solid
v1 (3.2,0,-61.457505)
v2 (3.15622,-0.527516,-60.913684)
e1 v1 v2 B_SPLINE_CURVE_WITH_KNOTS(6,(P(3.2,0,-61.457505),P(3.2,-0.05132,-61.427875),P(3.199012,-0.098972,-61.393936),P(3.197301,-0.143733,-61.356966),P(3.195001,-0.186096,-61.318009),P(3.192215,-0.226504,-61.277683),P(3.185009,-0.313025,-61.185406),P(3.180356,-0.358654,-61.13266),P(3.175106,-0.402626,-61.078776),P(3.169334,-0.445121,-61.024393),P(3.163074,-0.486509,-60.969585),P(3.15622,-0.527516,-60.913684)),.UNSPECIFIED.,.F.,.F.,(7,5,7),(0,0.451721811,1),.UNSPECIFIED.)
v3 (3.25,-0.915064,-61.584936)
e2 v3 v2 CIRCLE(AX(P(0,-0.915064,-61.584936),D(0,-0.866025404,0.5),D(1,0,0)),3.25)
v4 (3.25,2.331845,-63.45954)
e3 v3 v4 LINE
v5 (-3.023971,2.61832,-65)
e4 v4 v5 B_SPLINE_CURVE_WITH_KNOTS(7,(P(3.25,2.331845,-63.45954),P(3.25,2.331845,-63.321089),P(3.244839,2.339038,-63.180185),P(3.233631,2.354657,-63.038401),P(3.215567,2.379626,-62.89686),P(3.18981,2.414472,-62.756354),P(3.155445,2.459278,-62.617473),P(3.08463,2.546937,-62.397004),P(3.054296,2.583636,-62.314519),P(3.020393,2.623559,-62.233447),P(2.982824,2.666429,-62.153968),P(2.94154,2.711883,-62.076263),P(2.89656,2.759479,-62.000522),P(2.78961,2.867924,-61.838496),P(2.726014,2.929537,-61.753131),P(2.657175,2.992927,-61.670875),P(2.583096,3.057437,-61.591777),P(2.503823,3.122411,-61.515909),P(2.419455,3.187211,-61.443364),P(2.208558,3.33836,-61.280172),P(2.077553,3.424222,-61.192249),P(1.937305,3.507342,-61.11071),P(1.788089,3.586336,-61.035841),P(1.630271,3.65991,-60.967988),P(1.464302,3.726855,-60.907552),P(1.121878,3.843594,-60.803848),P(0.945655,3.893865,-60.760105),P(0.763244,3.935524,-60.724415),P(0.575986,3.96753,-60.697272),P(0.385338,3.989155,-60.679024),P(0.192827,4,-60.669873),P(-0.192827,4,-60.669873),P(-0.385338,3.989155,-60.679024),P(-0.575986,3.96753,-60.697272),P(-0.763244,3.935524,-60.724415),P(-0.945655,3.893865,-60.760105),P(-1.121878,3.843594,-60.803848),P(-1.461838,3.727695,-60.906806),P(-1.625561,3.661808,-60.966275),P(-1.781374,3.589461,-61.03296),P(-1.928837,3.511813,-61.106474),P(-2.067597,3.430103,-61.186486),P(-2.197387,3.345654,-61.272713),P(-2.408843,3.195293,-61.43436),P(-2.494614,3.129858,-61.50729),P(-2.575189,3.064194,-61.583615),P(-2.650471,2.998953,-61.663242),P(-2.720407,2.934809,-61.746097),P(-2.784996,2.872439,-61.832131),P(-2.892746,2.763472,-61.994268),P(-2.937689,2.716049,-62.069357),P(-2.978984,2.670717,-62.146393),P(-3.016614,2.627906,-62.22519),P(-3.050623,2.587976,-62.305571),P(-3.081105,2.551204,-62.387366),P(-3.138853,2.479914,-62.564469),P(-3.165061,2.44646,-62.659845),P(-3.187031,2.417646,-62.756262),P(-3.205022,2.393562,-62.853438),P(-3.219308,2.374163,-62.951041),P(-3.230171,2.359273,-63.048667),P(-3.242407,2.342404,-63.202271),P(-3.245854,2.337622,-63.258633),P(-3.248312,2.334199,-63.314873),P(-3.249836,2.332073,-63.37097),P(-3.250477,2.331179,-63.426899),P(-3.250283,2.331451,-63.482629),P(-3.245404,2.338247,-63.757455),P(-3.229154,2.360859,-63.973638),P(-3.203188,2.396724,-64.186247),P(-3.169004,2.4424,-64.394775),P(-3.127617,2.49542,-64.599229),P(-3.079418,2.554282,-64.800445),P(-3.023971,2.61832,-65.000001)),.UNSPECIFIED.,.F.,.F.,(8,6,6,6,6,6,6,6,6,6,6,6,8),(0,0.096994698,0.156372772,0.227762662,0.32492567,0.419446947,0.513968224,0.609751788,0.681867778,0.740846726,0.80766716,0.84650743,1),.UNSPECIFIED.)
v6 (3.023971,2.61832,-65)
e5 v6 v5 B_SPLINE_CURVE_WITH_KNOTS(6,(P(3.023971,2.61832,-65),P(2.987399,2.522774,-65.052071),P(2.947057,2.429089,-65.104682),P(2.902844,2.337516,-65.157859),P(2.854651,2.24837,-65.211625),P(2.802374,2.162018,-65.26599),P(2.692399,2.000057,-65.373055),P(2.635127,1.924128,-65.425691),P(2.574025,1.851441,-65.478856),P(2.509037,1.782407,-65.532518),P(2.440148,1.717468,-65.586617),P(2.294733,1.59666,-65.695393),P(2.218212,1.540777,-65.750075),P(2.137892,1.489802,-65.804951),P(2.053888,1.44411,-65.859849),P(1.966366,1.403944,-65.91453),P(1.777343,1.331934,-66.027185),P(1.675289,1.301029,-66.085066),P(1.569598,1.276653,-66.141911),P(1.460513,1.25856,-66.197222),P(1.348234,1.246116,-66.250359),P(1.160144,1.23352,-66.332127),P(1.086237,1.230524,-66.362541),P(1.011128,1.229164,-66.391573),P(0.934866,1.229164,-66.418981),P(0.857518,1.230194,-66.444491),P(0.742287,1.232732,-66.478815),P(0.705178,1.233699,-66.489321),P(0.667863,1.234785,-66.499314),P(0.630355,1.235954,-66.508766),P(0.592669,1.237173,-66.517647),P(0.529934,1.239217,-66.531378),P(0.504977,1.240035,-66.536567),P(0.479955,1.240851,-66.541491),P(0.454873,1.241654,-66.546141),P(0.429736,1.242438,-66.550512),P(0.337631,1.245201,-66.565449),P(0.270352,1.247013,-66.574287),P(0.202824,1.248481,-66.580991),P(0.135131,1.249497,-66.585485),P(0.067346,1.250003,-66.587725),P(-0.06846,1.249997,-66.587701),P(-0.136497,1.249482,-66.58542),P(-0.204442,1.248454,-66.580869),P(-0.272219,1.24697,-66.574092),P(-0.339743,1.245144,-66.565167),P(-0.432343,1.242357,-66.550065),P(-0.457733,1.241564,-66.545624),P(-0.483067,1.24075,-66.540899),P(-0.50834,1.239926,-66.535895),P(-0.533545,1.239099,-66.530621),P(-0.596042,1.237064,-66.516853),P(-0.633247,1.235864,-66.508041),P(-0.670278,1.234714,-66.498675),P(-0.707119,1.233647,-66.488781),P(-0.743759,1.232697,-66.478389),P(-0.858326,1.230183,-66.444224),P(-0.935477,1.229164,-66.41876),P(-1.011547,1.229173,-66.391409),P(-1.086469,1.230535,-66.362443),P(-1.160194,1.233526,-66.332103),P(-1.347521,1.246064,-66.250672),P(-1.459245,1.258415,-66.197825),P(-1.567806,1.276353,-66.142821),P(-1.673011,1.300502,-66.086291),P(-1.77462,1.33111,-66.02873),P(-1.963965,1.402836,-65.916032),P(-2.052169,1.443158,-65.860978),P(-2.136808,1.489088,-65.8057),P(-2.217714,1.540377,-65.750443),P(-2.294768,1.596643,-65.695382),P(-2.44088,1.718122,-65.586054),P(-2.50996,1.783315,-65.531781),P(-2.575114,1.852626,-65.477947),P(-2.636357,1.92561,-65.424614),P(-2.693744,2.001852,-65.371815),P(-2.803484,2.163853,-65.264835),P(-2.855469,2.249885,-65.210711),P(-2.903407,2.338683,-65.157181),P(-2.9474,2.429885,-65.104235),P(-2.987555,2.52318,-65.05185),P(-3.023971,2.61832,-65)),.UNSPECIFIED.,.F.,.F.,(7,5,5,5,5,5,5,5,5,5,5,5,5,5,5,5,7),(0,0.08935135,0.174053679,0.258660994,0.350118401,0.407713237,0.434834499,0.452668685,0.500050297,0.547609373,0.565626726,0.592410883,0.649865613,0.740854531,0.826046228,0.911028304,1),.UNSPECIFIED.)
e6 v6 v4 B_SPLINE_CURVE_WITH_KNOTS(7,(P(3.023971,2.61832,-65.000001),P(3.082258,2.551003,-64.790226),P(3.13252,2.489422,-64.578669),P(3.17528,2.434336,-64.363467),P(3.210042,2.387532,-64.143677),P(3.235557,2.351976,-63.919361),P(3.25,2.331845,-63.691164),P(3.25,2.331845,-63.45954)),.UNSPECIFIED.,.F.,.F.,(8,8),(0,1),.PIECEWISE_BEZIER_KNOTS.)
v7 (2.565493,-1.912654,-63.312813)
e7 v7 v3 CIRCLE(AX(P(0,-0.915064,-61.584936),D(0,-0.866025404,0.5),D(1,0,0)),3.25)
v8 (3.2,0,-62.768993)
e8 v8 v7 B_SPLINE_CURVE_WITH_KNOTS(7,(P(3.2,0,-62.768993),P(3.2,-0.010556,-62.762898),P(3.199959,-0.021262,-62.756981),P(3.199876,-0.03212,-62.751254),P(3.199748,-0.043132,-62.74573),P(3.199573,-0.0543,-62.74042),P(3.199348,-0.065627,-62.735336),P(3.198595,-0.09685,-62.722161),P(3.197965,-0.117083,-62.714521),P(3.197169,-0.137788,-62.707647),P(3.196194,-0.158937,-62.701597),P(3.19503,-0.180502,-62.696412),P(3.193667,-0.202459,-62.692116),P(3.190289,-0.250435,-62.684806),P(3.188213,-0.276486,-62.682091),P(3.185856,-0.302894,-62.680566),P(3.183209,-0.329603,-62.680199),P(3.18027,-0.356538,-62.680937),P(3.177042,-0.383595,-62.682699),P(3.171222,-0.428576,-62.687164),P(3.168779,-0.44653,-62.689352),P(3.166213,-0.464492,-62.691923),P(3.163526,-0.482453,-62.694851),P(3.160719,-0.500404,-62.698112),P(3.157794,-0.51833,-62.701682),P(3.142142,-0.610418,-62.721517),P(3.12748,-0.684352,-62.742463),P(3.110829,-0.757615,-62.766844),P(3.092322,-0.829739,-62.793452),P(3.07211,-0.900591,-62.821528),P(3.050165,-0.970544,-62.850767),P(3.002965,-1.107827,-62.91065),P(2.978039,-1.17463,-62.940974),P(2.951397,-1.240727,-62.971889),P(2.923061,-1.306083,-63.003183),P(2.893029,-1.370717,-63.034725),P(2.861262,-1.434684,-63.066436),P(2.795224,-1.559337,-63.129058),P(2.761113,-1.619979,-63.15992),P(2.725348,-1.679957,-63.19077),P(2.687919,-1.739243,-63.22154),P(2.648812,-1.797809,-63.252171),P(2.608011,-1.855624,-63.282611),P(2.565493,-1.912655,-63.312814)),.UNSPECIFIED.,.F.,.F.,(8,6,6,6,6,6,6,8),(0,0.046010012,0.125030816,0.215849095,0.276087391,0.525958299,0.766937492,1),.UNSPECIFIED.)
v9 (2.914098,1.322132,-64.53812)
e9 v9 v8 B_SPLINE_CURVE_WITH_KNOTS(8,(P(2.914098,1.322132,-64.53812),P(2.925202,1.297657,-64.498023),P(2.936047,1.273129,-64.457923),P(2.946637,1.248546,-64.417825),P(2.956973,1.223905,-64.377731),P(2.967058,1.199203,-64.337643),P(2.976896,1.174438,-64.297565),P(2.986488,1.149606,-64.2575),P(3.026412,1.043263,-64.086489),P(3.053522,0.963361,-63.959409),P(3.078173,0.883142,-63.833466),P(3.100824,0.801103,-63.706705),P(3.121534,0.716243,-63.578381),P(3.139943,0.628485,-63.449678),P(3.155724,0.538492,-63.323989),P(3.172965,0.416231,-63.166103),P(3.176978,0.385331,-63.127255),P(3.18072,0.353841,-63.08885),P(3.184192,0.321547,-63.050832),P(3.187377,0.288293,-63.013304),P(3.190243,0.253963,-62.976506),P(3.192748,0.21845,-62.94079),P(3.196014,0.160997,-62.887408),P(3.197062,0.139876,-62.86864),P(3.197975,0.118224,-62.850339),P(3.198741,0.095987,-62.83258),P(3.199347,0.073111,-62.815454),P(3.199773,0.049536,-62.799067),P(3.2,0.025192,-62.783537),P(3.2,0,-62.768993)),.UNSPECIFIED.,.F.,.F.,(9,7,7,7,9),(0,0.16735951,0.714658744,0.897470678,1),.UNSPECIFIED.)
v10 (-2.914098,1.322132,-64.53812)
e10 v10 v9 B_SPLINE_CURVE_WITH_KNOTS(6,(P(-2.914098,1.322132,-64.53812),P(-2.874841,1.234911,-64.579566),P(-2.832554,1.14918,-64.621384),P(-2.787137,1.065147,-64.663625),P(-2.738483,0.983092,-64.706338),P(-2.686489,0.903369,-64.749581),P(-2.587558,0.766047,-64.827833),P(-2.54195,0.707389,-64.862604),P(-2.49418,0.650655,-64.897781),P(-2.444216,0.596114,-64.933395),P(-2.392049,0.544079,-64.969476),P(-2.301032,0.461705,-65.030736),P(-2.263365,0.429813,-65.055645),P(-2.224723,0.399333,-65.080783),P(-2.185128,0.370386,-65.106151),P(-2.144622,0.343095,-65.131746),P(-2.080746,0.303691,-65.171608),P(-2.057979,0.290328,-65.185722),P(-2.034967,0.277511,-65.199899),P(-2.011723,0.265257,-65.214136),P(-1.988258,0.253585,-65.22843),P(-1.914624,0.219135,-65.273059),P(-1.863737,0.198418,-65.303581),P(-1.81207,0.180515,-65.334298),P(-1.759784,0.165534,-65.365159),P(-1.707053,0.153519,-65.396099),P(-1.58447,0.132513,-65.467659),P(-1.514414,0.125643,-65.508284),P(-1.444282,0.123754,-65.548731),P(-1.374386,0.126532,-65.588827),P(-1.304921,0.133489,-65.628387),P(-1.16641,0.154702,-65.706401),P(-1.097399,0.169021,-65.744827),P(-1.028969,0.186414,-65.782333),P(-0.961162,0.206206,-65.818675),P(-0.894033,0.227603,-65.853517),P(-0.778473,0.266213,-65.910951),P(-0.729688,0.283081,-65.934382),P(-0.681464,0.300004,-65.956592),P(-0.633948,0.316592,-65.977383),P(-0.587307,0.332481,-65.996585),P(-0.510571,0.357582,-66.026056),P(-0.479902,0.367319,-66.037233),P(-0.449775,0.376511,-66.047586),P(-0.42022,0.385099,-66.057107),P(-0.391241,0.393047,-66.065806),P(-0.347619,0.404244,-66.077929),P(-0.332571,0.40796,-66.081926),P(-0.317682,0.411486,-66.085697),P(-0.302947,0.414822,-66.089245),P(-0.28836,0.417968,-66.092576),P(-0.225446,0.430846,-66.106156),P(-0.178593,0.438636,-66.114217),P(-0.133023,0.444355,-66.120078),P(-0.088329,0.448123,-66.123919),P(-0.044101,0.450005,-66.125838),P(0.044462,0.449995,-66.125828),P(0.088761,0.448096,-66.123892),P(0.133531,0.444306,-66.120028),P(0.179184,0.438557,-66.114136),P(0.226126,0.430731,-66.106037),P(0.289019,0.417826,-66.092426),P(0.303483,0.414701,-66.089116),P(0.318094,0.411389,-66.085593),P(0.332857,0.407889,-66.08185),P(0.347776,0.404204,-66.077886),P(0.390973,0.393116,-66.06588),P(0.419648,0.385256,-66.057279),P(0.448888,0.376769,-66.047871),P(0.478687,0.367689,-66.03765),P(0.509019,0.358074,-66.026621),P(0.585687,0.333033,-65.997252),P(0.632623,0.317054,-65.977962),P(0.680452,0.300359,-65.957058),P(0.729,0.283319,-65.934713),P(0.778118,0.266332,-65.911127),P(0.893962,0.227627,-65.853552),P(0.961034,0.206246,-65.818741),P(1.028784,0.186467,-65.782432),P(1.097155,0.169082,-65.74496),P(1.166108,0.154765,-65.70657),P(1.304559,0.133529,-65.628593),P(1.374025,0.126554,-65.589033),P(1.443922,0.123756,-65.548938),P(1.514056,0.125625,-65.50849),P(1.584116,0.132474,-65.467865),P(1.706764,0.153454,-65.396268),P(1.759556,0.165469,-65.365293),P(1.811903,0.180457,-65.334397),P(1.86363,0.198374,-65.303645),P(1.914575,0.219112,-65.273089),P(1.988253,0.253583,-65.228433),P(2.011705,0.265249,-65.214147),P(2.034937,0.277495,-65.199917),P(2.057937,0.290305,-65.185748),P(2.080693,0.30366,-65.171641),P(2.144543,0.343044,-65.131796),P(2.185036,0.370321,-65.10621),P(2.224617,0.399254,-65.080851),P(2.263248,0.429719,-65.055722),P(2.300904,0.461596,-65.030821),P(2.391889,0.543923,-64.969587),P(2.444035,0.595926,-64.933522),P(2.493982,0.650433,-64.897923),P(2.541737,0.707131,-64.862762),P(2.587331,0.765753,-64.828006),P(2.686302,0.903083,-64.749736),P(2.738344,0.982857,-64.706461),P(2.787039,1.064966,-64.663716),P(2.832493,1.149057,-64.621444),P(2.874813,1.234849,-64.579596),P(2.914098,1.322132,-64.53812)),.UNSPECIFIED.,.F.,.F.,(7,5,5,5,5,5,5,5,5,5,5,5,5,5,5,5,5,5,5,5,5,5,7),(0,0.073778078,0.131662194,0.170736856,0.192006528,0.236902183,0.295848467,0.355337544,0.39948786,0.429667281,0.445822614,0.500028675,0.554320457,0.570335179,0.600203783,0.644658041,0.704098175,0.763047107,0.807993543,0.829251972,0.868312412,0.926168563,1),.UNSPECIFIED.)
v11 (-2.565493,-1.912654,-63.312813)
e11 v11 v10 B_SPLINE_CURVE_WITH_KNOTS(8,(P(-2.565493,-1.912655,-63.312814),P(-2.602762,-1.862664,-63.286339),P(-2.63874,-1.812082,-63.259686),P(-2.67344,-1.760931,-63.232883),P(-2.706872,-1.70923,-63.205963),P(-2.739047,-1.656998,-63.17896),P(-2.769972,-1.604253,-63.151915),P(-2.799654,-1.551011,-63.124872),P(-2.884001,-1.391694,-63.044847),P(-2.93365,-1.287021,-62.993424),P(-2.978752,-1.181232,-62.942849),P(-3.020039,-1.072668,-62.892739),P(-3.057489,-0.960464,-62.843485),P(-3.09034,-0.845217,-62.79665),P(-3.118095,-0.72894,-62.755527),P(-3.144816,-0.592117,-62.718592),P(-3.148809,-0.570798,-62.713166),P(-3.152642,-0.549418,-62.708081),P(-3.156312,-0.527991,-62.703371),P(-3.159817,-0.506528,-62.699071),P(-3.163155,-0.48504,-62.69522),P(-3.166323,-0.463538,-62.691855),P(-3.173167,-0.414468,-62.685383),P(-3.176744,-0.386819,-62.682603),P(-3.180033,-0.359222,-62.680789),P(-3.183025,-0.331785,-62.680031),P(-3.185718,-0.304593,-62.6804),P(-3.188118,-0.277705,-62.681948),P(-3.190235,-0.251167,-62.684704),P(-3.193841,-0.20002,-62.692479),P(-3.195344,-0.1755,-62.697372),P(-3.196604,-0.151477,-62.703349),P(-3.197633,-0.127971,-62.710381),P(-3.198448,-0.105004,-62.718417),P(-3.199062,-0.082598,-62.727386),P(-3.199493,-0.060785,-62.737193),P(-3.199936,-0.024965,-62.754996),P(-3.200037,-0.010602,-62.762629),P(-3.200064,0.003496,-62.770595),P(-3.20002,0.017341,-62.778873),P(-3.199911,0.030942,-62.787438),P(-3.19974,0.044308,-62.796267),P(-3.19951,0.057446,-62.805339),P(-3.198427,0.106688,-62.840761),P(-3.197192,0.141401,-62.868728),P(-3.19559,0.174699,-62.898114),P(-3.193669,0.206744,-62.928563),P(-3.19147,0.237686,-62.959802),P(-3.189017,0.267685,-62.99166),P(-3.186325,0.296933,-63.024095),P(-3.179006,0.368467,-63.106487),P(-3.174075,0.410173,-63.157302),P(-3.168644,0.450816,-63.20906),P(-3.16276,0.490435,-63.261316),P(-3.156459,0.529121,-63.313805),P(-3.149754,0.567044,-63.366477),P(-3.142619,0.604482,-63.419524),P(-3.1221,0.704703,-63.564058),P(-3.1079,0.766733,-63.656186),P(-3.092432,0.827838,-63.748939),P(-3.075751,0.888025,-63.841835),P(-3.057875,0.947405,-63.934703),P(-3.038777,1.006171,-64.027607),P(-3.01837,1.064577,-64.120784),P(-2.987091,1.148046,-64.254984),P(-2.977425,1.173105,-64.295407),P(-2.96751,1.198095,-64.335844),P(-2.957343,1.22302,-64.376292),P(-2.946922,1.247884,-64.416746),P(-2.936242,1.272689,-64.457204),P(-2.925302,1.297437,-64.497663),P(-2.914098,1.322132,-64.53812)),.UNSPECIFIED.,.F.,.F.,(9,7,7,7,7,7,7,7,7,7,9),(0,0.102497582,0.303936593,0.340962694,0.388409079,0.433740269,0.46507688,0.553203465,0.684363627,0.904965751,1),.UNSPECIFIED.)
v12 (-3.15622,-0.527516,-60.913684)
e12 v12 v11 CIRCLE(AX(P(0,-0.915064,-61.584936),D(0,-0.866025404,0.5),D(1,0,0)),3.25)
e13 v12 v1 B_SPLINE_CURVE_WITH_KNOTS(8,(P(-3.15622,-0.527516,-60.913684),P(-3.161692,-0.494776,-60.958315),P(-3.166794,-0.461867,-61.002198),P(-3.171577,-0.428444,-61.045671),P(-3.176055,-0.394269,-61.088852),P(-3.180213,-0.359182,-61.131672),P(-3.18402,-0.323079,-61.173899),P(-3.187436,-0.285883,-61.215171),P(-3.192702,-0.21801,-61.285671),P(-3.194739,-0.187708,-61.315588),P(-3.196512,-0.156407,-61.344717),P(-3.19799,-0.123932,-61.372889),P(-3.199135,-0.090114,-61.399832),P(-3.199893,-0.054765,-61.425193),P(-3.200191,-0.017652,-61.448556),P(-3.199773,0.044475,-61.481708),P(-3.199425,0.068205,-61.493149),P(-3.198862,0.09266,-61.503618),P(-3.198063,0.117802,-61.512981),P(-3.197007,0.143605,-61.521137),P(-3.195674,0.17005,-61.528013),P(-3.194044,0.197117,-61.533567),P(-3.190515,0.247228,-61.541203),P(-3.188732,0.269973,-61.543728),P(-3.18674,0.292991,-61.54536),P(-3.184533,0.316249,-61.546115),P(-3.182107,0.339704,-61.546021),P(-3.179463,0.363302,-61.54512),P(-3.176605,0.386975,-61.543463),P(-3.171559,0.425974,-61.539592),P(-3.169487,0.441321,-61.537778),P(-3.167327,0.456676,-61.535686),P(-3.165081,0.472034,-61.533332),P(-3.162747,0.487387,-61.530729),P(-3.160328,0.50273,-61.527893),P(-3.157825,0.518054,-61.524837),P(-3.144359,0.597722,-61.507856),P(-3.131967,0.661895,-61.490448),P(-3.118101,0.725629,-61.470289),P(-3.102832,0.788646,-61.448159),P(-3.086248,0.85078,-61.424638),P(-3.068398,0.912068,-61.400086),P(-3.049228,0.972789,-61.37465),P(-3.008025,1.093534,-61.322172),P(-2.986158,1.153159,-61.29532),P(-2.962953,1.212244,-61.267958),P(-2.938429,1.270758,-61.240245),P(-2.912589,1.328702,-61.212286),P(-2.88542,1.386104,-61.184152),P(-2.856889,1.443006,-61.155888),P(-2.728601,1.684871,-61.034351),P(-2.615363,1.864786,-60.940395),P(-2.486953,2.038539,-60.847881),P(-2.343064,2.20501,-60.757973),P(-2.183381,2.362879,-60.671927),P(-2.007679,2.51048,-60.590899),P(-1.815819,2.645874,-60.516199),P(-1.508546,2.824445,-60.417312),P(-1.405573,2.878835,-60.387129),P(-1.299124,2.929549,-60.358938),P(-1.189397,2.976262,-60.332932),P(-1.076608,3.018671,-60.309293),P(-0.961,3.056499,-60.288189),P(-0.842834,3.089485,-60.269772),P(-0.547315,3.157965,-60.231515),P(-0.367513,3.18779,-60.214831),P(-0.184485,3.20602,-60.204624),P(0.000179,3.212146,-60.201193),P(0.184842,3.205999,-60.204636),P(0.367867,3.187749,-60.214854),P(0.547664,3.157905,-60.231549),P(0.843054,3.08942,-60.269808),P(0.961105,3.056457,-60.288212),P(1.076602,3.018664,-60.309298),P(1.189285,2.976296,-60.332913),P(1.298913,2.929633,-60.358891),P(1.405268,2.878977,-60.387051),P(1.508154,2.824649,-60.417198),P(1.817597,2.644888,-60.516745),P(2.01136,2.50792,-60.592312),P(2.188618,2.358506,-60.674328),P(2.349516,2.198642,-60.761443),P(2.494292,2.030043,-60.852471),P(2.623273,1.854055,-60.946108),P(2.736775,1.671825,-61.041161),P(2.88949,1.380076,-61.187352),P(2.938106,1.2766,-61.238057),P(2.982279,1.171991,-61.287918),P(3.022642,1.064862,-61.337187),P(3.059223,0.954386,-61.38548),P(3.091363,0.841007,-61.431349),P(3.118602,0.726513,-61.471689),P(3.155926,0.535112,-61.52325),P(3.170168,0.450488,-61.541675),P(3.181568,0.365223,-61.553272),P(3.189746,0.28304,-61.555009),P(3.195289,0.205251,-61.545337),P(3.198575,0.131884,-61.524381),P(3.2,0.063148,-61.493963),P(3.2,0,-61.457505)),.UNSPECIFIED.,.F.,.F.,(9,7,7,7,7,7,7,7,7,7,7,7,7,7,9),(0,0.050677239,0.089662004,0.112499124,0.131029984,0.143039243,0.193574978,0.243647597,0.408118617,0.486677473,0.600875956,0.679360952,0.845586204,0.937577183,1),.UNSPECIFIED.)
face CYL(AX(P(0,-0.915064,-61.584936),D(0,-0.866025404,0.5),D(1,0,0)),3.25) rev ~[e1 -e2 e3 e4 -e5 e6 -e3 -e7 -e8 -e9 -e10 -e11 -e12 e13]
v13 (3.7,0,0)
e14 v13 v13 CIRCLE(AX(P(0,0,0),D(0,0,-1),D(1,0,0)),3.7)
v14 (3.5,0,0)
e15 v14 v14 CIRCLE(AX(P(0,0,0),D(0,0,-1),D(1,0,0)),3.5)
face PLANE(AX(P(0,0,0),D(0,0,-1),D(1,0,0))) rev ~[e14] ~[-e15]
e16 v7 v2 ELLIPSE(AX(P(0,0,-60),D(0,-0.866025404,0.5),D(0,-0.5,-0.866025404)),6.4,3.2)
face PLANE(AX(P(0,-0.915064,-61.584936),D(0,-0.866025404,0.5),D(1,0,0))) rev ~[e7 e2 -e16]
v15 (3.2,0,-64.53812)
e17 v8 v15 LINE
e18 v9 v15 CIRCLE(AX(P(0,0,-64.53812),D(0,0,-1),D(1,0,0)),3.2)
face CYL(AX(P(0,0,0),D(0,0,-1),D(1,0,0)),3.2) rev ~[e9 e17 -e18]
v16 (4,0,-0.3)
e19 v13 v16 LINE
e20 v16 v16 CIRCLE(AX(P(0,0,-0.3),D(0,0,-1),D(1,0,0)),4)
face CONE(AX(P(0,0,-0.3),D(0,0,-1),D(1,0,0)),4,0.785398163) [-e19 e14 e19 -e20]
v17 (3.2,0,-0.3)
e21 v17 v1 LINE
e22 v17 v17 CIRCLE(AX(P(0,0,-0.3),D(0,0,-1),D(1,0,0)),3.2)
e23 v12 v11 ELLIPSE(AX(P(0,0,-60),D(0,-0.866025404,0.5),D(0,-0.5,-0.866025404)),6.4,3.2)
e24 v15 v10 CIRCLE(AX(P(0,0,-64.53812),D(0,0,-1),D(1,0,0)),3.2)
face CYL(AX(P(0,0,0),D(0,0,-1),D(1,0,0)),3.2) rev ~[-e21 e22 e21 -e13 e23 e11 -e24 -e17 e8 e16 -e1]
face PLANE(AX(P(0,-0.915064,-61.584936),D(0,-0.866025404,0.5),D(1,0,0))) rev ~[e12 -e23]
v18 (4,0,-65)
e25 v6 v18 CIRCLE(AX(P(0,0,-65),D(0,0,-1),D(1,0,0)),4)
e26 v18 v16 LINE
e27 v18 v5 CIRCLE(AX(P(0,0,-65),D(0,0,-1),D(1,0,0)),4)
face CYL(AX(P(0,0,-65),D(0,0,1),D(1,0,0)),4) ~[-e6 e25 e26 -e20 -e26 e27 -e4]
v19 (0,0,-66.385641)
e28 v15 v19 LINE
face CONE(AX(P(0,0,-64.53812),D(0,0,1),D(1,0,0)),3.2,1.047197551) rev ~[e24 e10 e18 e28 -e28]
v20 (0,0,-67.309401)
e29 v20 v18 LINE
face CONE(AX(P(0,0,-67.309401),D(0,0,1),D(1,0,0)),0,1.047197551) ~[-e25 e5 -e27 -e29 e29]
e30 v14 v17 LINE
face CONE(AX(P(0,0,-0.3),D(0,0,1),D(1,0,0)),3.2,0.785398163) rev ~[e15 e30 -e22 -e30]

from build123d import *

# Parameters (mm, degrees)
F4_SIZE  = 0.3
F6_START = -30
F5_R     = 3.25
F6_DEPTH = 7.1198021535


with BuildPart() as f3:
    # F2 (on Front) → F3 (revolve)
    with BuildSketch(Plane.XZ):
        Polygon((4, 0), (3.2, 0), (3.2, -64.5381197846), (0, -66.3856406461), (0, -67.3094010768), (4, -65), align=None)
    revolve(axis=Axis((0, 0, -32.7149666846), (0, 0, -1)))

    # F4
    f4_edges = [f3.edges().sort_by_distance(p)[0] for p in [
        (-4, 0, 0),
        (-3.2, 0, 0),
    ]]
    chamfer(f4_edges, length=F4_SIZE)

    # F5 (on line) → F6 (cut)
    with BuildSketch(Plane(origin=(0, 0, 0), x_dir=(1, 0, 0), z_dir=(0, -0.8660254038, 0.5)).offset(F6_START)):
        with Locations((0, -53.791651246)):
            Circle(F5_R)
    extrude(amount=-F6_DEPTH, mode=Mode.SUBTRACT)


solid = f3.part
